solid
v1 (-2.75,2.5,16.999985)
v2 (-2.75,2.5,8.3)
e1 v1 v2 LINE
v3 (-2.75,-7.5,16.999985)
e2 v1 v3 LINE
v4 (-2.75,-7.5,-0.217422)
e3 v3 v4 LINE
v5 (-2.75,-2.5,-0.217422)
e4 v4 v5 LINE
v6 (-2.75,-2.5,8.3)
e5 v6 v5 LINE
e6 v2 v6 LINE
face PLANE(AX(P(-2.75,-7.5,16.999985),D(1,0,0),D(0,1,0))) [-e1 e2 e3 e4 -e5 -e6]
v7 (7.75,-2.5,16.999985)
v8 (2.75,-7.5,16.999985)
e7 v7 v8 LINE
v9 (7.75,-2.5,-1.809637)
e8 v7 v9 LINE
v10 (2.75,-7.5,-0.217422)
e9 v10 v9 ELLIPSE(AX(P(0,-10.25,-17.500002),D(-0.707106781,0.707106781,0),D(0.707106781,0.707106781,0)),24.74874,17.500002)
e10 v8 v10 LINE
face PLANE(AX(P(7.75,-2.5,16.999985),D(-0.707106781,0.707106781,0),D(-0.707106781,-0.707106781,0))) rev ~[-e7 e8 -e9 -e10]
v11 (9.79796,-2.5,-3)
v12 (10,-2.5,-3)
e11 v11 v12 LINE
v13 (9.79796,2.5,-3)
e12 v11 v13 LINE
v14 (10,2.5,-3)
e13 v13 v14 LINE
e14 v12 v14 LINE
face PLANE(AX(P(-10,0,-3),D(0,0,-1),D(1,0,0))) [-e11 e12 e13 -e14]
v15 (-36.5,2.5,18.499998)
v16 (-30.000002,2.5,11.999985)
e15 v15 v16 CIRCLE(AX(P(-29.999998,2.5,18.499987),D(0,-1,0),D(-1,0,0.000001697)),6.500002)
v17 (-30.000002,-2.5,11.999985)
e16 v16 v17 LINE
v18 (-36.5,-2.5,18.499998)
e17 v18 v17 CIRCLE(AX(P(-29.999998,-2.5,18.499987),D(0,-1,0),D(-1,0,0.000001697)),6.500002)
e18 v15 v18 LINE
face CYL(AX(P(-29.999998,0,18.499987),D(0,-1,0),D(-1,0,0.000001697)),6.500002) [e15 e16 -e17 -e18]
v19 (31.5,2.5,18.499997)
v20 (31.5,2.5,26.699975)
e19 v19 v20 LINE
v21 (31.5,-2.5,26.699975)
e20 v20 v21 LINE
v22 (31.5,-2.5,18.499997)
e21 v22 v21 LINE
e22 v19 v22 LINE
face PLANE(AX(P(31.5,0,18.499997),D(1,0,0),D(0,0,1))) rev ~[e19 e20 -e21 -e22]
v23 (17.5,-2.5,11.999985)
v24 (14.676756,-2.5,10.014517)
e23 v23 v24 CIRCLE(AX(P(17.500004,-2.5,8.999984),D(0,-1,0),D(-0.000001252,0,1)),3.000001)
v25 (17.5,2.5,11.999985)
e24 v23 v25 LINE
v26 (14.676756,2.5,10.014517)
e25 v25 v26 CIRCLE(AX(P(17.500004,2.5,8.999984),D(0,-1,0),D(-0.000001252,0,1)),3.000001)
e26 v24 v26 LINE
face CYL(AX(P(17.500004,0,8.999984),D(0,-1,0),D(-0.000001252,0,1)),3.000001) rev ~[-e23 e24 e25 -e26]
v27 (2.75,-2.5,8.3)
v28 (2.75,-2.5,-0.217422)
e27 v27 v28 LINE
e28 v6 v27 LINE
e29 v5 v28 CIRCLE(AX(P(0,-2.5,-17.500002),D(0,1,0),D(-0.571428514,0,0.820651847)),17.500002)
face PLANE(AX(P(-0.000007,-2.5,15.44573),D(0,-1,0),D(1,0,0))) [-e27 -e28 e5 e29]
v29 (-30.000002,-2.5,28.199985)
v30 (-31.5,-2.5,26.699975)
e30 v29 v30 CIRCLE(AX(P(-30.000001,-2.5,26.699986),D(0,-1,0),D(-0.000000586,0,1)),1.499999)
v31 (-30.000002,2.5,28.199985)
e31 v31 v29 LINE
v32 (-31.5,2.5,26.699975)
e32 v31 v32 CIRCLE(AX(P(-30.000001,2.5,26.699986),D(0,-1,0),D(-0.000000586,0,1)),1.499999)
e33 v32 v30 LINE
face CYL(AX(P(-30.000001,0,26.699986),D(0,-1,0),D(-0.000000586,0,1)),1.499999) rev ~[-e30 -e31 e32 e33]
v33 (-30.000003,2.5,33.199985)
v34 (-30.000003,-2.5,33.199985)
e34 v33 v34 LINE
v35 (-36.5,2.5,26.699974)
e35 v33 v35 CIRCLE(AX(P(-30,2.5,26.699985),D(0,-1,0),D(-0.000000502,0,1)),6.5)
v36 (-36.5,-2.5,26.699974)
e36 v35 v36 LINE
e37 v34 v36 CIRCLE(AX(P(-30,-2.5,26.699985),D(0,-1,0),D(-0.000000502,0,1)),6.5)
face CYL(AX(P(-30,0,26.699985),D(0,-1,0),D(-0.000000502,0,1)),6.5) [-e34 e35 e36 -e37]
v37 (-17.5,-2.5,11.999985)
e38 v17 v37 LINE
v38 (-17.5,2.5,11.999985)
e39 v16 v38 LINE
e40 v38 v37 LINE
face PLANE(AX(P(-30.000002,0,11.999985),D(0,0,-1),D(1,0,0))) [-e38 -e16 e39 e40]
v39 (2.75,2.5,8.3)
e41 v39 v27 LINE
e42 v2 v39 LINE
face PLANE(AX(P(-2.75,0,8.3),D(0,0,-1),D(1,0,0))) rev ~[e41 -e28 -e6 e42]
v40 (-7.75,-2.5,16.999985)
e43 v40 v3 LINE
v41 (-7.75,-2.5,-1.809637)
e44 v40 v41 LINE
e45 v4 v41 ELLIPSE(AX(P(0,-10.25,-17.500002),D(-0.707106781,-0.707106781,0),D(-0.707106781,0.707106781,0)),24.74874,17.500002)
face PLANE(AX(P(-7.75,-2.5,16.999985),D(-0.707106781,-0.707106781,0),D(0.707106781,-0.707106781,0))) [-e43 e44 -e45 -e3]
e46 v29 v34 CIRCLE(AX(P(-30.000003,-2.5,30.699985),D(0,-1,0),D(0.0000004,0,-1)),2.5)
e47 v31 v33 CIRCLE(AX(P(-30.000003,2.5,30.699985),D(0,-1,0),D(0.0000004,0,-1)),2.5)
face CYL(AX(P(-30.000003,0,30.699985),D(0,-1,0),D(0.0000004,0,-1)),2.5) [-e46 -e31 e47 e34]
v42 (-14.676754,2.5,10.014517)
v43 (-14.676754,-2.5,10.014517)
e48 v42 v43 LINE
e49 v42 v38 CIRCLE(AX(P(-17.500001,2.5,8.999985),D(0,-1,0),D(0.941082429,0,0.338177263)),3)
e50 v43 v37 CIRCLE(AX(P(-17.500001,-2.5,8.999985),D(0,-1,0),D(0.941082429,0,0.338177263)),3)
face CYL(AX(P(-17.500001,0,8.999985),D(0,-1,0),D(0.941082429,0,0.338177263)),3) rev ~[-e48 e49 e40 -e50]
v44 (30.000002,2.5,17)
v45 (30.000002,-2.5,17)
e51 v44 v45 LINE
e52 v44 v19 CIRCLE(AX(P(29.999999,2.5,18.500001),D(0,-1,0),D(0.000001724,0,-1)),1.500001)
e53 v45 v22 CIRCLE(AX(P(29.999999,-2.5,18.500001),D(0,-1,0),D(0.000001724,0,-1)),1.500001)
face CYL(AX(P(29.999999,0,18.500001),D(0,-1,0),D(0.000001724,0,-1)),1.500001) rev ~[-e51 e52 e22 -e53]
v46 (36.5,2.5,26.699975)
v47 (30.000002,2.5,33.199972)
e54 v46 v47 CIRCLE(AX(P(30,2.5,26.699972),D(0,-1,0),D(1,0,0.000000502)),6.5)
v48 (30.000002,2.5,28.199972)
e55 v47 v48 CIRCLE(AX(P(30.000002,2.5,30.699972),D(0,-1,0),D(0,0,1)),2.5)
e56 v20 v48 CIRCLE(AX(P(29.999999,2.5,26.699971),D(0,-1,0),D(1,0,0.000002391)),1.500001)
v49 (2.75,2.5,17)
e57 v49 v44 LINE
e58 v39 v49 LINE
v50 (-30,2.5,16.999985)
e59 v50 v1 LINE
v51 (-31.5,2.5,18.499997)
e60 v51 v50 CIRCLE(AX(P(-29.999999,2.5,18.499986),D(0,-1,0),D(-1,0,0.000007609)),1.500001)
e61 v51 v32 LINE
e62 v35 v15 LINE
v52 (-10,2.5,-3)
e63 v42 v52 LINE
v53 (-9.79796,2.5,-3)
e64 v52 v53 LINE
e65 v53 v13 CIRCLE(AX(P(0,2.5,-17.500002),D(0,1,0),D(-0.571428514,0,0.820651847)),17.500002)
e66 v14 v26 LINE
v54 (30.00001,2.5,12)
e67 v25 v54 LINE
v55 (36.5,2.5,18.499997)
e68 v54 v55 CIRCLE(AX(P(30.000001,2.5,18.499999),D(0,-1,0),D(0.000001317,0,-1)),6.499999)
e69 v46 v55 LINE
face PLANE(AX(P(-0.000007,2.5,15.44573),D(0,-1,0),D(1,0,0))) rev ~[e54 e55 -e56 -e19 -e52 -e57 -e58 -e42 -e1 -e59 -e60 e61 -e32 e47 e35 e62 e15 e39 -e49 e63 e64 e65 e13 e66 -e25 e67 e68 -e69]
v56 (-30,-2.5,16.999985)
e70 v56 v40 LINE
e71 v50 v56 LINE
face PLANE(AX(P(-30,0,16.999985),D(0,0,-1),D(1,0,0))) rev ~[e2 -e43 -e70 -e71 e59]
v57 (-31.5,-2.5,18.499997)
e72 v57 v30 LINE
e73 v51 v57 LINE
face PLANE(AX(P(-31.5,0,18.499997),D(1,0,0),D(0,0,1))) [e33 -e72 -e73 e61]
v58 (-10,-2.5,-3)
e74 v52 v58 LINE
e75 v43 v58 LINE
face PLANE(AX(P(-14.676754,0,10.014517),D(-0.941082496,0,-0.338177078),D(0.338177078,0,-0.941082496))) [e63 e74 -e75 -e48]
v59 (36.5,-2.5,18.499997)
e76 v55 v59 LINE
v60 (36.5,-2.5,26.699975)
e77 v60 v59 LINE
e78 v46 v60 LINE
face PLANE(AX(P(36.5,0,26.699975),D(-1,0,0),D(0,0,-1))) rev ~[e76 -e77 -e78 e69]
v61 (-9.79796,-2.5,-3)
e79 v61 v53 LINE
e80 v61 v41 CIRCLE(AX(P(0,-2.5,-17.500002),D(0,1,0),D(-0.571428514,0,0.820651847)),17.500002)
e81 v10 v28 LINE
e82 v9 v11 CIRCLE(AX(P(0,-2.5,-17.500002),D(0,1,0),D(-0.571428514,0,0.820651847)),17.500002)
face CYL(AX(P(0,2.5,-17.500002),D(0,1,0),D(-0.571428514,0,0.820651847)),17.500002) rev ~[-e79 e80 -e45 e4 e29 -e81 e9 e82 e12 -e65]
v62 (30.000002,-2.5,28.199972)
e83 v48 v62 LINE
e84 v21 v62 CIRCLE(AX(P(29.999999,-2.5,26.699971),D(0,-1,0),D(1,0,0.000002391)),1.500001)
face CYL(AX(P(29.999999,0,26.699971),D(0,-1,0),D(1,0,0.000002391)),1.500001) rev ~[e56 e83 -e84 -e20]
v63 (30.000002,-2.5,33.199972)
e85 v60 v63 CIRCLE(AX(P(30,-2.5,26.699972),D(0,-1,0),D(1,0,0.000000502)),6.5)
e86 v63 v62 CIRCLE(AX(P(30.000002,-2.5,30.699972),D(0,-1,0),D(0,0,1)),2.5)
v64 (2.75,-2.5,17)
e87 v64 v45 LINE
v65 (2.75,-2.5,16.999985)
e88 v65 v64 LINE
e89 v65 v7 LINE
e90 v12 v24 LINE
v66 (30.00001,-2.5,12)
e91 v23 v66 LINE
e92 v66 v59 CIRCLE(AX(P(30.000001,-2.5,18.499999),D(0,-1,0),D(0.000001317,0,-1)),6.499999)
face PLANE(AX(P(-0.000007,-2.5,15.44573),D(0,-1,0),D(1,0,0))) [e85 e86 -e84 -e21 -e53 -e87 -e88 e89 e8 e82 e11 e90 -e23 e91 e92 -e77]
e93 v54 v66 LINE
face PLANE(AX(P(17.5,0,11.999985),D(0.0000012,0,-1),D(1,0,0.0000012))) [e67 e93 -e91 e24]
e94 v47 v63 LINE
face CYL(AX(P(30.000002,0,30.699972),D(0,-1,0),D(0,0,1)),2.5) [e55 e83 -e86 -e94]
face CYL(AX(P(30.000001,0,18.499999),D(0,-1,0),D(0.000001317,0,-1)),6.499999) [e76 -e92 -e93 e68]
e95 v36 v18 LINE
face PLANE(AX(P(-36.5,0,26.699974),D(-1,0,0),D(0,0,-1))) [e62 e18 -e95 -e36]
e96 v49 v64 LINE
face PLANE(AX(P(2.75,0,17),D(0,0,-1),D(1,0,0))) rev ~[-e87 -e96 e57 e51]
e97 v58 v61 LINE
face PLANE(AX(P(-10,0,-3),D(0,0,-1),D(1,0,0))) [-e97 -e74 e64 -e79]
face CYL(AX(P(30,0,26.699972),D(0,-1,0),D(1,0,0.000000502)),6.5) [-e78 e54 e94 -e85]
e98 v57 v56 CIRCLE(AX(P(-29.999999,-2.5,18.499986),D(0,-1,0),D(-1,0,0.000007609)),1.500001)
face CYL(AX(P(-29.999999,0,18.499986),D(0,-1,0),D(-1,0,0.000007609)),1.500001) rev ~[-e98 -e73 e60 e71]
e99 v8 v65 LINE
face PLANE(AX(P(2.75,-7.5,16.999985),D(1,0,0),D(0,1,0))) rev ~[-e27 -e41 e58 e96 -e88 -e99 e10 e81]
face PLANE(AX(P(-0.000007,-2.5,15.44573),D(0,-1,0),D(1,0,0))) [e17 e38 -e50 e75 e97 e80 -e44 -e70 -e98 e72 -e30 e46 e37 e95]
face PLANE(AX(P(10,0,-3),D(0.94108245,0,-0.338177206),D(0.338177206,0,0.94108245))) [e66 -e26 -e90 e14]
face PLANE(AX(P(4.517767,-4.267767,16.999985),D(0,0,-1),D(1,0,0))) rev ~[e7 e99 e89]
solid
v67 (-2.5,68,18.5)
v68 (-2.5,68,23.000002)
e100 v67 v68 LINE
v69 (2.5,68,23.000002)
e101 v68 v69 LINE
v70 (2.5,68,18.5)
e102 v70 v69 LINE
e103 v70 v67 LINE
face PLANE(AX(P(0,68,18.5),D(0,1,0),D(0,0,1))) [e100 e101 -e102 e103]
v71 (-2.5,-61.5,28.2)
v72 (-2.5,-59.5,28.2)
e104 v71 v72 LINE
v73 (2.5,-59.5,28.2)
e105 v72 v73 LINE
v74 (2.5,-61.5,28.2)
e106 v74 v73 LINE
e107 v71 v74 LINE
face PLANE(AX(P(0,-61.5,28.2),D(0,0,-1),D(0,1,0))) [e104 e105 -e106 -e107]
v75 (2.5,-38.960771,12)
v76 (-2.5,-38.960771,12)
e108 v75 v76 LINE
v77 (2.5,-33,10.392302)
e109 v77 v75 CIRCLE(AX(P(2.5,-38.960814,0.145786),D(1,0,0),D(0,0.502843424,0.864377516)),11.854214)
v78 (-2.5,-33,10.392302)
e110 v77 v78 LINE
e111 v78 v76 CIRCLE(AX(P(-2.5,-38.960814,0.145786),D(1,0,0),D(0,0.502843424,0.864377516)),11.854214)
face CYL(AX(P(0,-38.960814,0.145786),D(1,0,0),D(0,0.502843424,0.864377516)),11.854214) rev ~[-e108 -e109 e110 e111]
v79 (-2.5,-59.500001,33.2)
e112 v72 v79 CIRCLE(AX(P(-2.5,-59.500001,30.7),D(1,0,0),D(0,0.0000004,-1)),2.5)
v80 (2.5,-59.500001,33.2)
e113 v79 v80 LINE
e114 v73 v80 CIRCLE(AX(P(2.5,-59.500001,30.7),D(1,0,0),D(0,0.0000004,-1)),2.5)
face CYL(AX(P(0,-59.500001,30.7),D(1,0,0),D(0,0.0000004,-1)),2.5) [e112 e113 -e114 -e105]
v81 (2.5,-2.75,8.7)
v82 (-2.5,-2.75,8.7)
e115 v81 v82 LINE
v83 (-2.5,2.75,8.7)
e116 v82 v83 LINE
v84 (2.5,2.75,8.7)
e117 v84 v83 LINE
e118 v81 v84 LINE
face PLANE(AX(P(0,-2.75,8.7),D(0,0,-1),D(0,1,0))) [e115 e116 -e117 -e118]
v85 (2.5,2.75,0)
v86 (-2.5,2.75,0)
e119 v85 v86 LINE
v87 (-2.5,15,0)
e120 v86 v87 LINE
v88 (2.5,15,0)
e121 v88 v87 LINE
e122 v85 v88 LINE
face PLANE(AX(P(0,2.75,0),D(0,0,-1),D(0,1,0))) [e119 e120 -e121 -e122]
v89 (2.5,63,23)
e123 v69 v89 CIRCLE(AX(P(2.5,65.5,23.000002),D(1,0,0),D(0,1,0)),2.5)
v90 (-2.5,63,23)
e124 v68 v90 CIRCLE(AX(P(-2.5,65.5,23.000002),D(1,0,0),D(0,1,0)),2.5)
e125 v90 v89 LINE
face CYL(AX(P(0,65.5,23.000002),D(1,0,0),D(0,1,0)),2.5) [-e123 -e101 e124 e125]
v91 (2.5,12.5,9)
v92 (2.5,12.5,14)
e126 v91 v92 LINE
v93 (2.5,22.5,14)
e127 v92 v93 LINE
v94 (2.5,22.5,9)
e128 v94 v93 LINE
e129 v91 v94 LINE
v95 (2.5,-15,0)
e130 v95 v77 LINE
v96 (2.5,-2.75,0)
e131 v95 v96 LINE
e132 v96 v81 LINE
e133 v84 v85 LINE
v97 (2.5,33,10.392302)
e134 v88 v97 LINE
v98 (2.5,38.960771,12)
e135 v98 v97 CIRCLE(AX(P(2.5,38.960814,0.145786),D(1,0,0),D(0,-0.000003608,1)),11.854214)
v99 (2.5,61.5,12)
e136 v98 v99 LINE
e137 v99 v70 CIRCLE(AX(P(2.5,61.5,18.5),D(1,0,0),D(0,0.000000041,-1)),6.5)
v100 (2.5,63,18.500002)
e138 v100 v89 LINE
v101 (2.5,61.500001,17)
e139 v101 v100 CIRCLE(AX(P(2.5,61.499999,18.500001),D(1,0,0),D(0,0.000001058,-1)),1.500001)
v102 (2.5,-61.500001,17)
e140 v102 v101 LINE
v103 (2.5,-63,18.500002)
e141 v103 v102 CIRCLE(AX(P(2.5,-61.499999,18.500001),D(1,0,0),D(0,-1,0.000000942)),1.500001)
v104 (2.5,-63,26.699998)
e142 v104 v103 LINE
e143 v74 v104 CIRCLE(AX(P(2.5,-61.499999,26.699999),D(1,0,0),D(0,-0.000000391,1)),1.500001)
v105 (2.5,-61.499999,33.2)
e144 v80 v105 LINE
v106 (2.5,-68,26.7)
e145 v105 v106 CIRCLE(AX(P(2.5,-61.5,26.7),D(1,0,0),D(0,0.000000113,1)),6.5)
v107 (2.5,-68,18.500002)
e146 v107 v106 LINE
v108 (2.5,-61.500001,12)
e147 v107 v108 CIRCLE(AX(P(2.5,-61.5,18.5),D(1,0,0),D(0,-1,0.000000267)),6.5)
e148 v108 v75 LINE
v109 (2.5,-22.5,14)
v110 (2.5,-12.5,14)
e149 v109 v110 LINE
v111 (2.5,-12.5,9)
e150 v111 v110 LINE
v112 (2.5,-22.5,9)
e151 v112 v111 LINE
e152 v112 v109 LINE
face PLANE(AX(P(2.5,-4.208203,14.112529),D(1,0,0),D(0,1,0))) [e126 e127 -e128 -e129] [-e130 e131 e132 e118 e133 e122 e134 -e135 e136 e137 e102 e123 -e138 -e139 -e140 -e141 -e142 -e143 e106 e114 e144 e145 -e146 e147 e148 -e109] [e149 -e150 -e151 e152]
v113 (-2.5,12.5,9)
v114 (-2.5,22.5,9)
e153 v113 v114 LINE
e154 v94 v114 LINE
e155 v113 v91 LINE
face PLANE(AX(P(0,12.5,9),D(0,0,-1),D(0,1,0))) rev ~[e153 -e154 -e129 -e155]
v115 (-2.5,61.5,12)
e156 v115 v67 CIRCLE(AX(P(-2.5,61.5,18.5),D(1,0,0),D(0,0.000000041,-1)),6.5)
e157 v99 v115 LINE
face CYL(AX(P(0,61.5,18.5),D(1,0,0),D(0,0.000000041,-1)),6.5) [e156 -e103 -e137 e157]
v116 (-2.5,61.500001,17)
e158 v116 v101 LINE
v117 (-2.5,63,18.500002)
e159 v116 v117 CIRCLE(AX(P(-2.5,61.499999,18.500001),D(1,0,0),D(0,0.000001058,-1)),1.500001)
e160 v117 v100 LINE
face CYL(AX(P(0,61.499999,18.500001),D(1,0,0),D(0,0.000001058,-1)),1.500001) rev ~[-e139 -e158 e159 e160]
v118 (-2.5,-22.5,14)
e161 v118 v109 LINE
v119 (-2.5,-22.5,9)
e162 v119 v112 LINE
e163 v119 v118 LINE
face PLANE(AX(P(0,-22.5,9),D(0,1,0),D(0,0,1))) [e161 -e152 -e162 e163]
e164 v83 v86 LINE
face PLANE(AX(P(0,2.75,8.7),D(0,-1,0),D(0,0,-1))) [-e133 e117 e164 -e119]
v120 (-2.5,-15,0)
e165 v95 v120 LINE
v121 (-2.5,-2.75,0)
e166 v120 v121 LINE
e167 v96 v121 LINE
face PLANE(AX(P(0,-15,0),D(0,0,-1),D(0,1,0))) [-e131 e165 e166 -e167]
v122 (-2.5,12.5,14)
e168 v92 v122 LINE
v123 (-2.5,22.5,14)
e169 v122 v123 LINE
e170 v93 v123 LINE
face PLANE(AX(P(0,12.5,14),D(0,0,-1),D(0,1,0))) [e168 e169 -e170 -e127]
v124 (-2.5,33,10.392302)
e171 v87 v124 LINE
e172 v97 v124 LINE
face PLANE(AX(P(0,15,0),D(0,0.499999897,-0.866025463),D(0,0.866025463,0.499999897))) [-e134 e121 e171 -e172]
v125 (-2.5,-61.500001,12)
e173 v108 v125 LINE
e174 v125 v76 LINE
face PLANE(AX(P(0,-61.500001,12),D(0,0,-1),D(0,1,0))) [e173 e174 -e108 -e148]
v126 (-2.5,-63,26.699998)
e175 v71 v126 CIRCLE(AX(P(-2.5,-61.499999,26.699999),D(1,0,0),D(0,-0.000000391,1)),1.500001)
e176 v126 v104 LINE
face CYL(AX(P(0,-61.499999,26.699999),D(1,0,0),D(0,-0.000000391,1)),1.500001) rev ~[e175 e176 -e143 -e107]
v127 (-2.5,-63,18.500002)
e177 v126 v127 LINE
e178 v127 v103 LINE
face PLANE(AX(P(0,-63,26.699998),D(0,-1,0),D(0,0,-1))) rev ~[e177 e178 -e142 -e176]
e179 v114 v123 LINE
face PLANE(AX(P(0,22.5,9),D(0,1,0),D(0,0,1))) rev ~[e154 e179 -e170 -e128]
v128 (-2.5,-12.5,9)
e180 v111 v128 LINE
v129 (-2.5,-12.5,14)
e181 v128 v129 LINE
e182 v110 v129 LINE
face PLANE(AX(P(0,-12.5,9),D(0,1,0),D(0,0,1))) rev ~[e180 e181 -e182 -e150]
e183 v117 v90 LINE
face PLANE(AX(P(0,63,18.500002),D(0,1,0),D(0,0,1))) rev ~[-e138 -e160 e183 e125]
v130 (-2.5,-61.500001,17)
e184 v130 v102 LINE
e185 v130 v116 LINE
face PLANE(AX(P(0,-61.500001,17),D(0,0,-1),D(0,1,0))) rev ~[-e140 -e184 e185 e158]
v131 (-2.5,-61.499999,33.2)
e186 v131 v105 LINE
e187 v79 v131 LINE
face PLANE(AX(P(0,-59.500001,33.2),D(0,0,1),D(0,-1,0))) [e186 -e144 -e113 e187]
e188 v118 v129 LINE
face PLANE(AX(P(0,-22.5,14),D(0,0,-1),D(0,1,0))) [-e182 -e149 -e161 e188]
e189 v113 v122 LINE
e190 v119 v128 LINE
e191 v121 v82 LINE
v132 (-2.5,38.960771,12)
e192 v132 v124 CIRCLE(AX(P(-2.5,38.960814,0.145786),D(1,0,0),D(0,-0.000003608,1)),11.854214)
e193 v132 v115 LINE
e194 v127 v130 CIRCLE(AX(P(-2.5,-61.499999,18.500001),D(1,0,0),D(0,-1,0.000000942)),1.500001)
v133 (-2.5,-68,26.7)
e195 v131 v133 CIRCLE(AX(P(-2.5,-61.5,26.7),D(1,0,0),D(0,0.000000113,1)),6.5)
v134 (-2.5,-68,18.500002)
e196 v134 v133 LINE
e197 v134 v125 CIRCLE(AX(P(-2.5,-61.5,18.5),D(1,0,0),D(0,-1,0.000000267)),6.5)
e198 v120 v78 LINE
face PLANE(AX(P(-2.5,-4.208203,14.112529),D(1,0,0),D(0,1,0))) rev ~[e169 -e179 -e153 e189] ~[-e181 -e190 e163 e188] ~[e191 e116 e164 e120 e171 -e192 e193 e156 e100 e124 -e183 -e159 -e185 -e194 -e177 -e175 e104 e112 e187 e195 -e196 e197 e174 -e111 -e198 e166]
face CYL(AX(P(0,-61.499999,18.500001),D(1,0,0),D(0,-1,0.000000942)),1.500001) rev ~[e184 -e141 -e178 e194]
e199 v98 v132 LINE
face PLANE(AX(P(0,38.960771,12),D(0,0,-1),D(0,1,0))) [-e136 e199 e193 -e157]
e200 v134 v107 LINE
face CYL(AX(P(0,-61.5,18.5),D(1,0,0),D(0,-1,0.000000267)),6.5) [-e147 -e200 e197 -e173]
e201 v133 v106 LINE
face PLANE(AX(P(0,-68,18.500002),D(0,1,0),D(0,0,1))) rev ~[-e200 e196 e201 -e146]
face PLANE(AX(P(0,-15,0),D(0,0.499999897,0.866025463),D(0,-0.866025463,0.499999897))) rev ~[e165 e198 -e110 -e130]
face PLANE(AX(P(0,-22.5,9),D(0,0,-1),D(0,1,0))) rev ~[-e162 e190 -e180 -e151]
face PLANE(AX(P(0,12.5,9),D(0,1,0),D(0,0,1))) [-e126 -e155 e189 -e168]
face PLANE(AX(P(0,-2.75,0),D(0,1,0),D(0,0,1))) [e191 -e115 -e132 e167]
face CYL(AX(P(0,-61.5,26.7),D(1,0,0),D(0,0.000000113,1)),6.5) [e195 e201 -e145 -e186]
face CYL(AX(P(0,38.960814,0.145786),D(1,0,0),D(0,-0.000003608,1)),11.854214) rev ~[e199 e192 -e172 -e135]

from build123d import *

# Parameters (mm, degrees)
SKETCH_W     = 10
SKETCH_H     = 5
PAD_DEPTH    = 2.5
PAD001_DEPTH = 2.5
PAD002_DEPTH = 20
POCKET_DEPTH = 10


with BuildPart() as vertical:
    # Sketch → Pad (new body, symmetric)
    with BuildSketch(Plane.YZ):
        with BuildLine():
            Line((68, 18.5), (68, 23.000002))
            ThreePointArc((68, 23.000002), (65.499999, 25.500002), (63, 23))
            Line((63, 18.500002), (63, 23))
            ThreePointArc((61.500001, 17), (62.560661, 17.439341), (63, 18.500002))
            Line((-61.500001, 17), (61.500001, 17))
            ThreePointArc((-63, 18.500002), (-62.560661, 17.439341), (-61.500001, 17))
            Line((-63, 26.699998), (-63, 18.500002))
            ThreePointArc((-61.5, 28.2), (-62.560661, 27.760659), (-63, 26.699998))
            Line((-61.5, 28.2), (-59.5, 28.2))
            ThreePointArc((-59.5, 28.2), (-57.000001, 30.7), (-59.500001, 33.2))
            Line((-59.500001, 33.2), (-61.499999, 33.2))
            ThreePointArc((-61.499999, 33.2), (-66.096194, 31.296194), (-68, 26.7))
            Line((-68, 18.500002), (-68, 26.7))
            ThreePointArc((-68, 18.500002), (-66.096195, 13.903807), (-61.500001, 12))
            Line((-61.500001, 12), (-38.960771, 12))
            ThreePointArc((-33, 10.392302), (-35.873886, 11.591015), (-38.960771, 12))
            Line((-15, 0), (-33, 10.392302))
            Line((-15, 0), (-2.75, 0))
            Line((-2.75, 0), (-2.75, 8.7))
            Line((-2.75, 8.7), (2.75, 8.7))
            Line((2.75, 8.7), (2.75, 0))
            Line((2.75, 0), (15, 0))
            Line((15, 0), (33, 10.392302))
            ThreePointArc((38.960771, 12), (35.873886, 11.591015), (33, 10.392302))
            Line((38.960771, 12), (61.5, 12))
            ThreePointArc((61.5, 12), (66.096194, 13.903806), (68, 18.5))
        make_face()
        with Locations((-17.5, 11.5)):
            Rectangle(SKETCH_W, SKETCH_H, mode=Mode.SUBTRACT)
        with Locations((17.5, 11.5)):
            Rectangle(SKETCH_W, SKETCH_H, mode=Mode.SUBTRACT)
    extrude(amount=PAD_DEPTH, both=True)


with BuildPart() as fusion:
    # Sketch001 → Pad001 (new body, symmetric)
    with BuildSketch(Plane.XZ):
        with BuildLine():
            Line((17.5, 11.999985), (30.00001, 12))
            ThreePointArc((30.00001, 12), (34.596197, 13.903808), (36.5, 18.499997))
            Line((36.5, 26.699975), (36.5, 18.499997))
            ThreePointArc((36.5, 26.699975), (34.596194, 31.296166), (30.000002, 33.199972))
            ThreePointArc((30.000002, 33.199972), (27.500002, 30.699972), (30.000002, 28.199972))
            ThreePointArc((31.5, 26.699975), (31.06066, 27.760632), (30.000002, 28.199972))
            Line((31.5, 18.499997), (31.5, 26.699975))
            ThreePointArc((30.000002, 17), (31.06066, 17.43934), (31.5, 18.499997))
            Line((2.75, 17), (30.000002, 17))
            Line((2.75, 8.3), (2.75, 17))
            Line((-2.75, 8.3), (2.75, 8.3))
            Line((-2.75, 16.999985), (-2.75, 8.3))
            Line((-30, 16.999985), (-2.75, 16.999985))
            ThreePointArc((-31.5, 18.499997), (-31.060664, 17.439329), (-30, 16.999985))
            Line((-31.5, 18.499997), (-31.5, 26.699975))
            ThreePointArc((-30.000002, 28.199985), (-31.060665, 27.760641), (-31.5, 26.699975))
            ThreePointArc((-30.000002, 28.199985), (-27.500003, 30.699986), (-30.000003, 33.199985))
            ThreePointArc((-30.000003, 33.199985), (-34.596199, 31.296174), (-36.5, 26.699974))
            Line((-36.5, 26.699974), (-36.5, 18.499998))
            ThreePointArc((-36.5, 18.499998), (-34.596199, 13.903797), (-30.000002, 11.999985))
            Line((-30.000002, 11.999985), (-17.5, 11.999985))
            ThreePointArc((-14.676754, 10.014517), (-15.774254, 11.45392), (-17.5, 11.999985))
            Line((-14.676754, 10.014517), (-10, -3))
            Line((-10, -3), (10, -3))
            Line((10, -3), (14.676756, 10.014517))
            ThreePointArc((17.5, 11.999985), (15.774255, 11.453919), (14.676756, 10.014517))
        make_face()
    extrude(amount=PAD001_DEPTH, both=True)

    # Sketch002 → Pad002 (new body)
    with BuildSketch(Plane(origin=(0, 0, 16.999985), x_dir=(-1, 0, 0), z_dir=(0, 0, 1))):
        Polygon((-7.75, 2.5), (-2.75, 7.5), (-2.75, 2.5), align=None)
        Polygon((2.75, 7.5), (2.75, 2.5), (7.75, 2.5), align=None)
    extrude(amount=-PAD002_DEPTH)

    # Sketch003 → Pocket (cut)
    with BuildSketch(Plane(origin=(0, 2.5, 0), x_dir=(1, 0, 0), z_dir=(0, 1, 0))):
        with BuildLine():
            ThreePointArc((-10, 3.138593), (0, 0), (10, 3.138593))
            Line((-10, 3.138593), (10, 3.138593))
        make_face()
    extrude(amount=-POCKET_DEPTH, mode=Mode.SUBTRACT)

    # Fusion: union Vertical
    add(vertical.part)


solid = fusion.part
